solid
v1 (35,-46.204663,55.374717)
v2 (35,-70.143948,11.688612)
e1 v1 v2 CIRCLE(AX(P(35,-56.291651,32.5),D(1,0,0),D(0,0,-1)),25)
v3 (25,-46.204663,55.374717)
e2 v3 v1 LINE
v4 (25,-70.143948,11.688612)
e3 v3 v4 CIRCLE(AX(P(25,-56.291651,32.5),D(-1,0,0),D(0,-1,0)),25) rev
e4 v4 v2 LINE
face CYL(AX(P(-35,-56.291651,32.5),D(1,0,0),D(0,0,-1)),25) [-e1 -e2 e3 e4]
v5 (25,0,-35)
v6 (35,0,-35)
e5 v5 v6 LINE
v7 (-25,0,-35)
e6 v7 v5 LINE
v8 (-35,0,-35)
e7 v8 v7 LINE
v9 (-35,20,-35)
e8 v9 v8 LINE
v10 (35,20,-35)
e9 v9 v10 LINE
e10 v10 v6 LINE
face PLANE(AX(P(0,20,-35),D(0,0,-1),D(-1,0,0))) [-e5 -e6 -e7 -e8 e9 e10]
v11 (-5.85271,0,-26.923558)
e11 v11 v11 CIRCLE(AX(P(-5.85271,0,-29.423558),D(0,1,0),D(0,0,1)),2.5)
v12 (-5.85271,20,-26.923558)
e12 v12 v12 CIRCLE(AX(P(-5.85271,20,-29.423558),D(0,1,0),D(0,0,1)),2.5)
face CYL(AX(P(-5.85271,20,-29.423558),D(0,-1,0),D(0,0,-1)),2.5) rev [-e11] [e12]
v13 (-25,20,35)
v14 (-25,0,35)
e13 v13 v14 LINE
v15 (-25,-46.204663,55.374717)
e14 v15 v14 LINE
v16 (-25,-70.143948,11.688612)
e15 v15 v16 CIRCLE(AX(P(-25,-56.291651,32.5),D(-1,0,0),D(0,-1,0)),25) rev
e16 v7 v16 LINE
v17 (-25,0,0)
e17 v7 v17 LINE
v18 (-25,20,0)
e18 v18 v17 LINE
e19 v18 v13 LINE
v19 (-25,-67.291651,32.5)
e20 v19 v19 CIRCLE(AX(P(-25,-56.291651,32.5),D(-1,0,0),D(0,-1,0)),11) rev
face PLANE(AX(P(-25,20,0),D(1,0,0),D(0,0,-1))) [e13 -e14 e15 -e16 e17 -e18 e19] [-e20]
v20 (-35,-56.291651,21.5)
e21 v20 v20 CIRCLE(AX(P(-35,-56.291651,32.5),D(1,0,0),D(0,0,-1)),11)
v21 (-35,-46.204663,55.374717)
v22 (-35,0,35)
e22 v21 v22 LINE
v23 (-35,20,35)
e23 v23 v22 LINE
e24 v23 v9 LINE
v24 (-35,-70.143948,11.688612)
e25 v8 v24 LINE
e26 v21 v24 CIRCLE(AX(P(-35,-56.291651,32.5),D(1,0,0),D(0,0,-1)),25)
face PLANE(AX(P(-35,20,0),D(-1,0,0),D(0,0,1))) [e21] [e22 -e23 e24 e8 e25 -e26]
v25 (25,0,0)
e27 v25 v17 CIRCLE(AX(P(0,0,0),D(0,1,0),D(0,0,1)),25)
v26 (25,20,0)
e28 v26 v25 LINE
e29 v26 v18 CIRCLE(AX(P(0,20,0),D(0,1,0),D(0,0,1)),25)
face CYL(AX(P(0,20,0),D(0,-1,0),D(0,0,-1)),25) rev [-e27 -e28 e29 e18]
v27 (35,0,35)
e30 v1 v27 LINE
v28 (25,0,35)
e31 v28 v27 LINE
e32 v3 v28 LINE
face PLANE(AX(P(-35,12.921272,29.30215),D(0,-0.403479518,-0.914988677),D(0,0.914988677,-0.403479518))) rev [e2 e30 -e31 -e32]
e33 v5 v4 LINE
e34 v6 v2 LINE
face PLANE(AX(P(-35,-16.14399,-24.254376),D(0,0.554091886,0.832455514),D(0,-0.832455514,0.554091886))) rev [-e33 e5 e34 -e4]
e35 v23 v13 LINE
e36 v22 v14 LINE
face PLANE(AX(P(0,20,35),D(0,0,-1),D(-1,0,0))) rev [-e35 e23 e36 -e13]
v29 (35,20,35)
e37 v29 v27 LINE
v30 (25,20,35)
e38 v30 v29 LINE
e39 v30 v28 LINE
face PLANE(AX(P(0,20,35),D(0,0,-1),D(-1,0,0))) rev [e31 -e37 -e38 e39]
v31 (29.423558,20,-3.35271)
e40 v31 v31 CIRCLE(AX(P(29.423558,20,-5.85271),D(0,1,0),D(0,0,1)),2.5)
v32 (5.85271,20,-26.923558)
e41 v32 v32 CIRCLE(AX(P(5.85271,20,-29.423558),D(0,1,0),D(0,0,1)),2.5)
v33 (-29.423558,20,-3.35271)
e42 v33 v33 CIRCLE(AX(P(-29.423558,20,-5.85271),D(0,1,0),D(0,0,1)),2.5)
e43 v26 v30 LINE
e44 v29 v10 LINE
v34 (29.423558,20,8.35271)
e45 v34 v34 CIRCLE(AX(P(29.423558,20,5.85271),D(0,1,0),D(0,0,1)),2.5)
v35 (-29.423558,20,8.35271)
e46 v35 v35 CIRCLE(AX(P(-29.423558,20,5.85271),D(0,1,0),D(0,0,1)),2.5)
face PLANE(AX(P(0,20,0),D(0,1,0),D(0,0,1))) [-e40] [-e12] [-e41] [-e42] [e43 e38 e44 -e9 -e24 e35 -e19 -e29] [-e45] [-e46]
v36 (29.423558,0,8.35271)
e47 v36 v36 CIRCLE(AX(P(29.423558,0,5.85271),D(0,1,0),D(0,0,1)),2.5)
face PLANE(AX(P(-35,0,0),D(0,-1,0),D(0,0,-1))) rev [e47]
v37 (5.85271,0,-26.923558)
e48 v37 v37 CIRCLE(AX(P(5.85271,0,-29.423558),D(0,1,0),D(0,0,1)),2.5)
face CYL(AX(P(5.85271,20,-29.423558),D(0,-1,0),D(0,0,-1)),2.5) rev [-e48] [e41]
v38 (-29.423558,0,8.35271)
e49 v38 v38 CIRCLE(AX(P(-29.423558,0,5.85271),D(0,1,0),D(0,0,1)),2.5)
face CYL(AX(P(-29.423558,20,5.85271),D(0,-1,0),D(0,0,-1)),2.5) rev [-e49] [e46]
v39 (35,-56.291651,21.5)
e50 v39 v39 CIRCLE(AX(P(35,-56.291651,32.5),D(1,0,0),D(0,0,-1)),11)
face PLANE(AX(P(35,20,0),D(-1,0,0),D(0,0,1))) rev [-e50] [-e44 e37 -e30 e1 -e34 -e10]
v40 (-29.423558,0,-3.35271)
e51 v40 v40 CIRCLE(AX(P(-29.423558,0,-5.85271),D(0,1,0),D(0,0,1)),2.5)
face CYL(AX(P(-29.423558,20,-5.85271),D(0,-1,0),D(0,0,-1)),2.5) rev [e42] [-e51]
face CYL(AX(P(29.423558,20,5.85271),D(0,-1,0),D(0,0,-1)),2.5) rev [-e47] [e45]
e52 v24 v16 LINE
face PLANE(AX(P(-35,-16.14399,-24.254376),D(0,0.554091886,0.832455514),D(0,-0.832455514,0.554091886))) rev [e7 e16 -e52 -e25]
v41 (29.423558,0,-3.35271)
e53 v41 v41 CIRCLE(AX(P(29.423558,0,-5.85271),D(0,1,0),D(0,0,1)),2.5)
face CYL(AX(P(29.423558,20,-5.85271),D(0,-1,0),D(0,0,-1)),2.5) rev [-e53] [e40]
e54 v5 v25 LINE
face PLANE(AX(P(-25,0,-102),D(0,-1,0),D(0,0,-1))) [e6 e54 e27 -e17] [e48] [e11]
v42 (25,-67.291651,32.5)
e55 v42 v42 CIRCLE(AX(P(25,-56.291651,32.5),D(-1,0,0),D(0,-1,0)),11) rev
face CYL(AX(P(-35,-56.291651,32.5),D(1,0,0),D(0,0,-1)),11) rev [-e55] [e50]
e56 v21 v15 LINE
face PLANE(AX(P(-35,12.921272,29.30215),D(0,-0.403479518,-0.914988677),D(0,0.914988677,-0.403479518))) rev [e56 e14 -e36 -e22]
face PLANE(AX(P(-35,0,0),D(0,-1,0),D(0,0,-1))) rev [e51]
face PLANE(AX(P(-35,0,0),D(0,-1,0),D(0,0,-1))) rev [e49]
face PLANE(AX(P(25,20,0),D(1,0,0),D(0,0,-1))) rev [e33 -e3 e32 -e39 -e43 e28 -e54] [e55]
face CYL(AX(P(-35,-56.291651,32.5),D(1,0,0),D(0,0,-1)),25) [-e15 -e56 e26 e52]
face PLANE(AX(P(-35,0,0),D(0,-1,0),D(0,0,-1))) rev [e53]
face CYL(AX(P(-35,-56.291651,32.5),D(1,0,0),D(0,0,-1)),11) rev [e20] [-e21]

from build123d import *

# Parameters (mm, degrees)
SKETCH1_R               = 2.5
BOSS_EXTRUDE1_DEPTH     = 20
SKETCH7_R               = 25
SKETCH7_R_2             = 11
BOSS_EXTRUDE3_DEPTH     = 70
CUT_EXTRUDE8_DEPTH      = 102
CUT_EXTRUDE8_DEPTH_BACK = 102
SKETCH9_W               = 50
SKETCH9_H               = 83.625795222


with BuildPart() as part:
    # Sketch1 → Boss-Extrude1 (new body)
    with BuildSketch(Plane(origin=(0, 0, 0), x_dir=(1, 0, 0), z_dir=(0, 1, 0))):
        with BuildLine():
            Line((-35, 35), (-35, -35))
            Line((-35, -35), (-25, -35))
            Line((-25, -35), (-25, 0))
            ThreePointArc((-25, 0), (0, 25), (25, 0))
            Line((25, 0), (25, -35))
            Line((25, -35), (35, -35))
            Line((35, -35), (35, 35))
            Line((35, 35), (-35, 35))
        make_face()
        with Locations(Location((-29.423558412, -5.85270966, 0), (0, 0, 270))):
            Circle(SKETCH1_R, mode=Mode.SUBTRACT)
        with Locations(Location((29.423558412, -5.85270966, 0), (0, 0, 270))):
            Circle(SKETCH1_R, mode=Mode.SUBTRACT)
        with Locations(Location((-29.423558412, 5.85270966, 0), (0, 0, 270))):
            Circle(SKETCH1_R, mode=Mode.SUBTRACT)
        with Locations(Location((-5.85270966, 29.423558412, 0), (0, 0, 270))):
            Circle(SKETCH1_R, mode=Mode.SUBTRACT)
        with Locations(Location((29.423558412, 5.85270966, 0), (0, 0, 270))):
            Circle(SKETCH1_R, mode=Mode.SUBTRACT)
        with Locations(Location((5.85270966, 29.423558412, 0), (0, 0, 270))):
            Circle(SKETCH1_R, mode=Mode.SUBTRACT)
    extrude(amount=BOSS_EXTRUDE1_DEPTH)

    # Sketch7 → Boss-Extrude3 (add)
    # profile 1 of 2: a face of its own
    with BuildSketch(Plane(origin=(35, 0, 0), x_dir=(0, 0, -1), z_dir=(1, 0, 0))):
        with BuildLine():
            Line((-35, 0), (-55.374716919, -46.204663298))
            ThreePointArc((-55.374716919, -46.204663298), (-27.345774694, -31.828741331), (-7.5, -56.291651246))
            ThreePointArc((-7.5, -56.291651246), (-8.570053321, -63.527510003), (-11.688612156, -70.143948384))
            Line((-11.688612156, -70.143948384), (35, 0))
            Line((35, 0), (-35, 0))
        make_face()
    # profile 2 of 2: a face of its own
    with BuildSketch(Plane(origin=(35, 0, 0), x_dir=(0, 0, -1), z_dir=(1, 0, 0))):
        with Locations((-32.5, -56.291651246)):
            Circle(SKETCH7_R)
        with Locations((-32.5, -56.291651246)):
            Circle(SKETCH7_R_2, mode=Mode.SUBTRACT)
    extrude(amount=-BOSS_EXTRUDE3_DEPTH)

    # Sketch9 → Cut-Extrude8 (cut, two sides: drawn at the far end of the back side and taken through both)
    with BuildSketch(Plane.XY.offset(-CUT_EXTRUDE8_DEPTH_BACK)):
        with Locations((0, -41.812897611)):
            Rectangle(SKETCH9_W, SKETCH9_H)
    extrude(amount=CUT_EXTRUDE8_DEPTH + CUT_EXTRUDE8_DEPTH_BACK, mode=Mode.SUBTRACT)


solid = part.part
